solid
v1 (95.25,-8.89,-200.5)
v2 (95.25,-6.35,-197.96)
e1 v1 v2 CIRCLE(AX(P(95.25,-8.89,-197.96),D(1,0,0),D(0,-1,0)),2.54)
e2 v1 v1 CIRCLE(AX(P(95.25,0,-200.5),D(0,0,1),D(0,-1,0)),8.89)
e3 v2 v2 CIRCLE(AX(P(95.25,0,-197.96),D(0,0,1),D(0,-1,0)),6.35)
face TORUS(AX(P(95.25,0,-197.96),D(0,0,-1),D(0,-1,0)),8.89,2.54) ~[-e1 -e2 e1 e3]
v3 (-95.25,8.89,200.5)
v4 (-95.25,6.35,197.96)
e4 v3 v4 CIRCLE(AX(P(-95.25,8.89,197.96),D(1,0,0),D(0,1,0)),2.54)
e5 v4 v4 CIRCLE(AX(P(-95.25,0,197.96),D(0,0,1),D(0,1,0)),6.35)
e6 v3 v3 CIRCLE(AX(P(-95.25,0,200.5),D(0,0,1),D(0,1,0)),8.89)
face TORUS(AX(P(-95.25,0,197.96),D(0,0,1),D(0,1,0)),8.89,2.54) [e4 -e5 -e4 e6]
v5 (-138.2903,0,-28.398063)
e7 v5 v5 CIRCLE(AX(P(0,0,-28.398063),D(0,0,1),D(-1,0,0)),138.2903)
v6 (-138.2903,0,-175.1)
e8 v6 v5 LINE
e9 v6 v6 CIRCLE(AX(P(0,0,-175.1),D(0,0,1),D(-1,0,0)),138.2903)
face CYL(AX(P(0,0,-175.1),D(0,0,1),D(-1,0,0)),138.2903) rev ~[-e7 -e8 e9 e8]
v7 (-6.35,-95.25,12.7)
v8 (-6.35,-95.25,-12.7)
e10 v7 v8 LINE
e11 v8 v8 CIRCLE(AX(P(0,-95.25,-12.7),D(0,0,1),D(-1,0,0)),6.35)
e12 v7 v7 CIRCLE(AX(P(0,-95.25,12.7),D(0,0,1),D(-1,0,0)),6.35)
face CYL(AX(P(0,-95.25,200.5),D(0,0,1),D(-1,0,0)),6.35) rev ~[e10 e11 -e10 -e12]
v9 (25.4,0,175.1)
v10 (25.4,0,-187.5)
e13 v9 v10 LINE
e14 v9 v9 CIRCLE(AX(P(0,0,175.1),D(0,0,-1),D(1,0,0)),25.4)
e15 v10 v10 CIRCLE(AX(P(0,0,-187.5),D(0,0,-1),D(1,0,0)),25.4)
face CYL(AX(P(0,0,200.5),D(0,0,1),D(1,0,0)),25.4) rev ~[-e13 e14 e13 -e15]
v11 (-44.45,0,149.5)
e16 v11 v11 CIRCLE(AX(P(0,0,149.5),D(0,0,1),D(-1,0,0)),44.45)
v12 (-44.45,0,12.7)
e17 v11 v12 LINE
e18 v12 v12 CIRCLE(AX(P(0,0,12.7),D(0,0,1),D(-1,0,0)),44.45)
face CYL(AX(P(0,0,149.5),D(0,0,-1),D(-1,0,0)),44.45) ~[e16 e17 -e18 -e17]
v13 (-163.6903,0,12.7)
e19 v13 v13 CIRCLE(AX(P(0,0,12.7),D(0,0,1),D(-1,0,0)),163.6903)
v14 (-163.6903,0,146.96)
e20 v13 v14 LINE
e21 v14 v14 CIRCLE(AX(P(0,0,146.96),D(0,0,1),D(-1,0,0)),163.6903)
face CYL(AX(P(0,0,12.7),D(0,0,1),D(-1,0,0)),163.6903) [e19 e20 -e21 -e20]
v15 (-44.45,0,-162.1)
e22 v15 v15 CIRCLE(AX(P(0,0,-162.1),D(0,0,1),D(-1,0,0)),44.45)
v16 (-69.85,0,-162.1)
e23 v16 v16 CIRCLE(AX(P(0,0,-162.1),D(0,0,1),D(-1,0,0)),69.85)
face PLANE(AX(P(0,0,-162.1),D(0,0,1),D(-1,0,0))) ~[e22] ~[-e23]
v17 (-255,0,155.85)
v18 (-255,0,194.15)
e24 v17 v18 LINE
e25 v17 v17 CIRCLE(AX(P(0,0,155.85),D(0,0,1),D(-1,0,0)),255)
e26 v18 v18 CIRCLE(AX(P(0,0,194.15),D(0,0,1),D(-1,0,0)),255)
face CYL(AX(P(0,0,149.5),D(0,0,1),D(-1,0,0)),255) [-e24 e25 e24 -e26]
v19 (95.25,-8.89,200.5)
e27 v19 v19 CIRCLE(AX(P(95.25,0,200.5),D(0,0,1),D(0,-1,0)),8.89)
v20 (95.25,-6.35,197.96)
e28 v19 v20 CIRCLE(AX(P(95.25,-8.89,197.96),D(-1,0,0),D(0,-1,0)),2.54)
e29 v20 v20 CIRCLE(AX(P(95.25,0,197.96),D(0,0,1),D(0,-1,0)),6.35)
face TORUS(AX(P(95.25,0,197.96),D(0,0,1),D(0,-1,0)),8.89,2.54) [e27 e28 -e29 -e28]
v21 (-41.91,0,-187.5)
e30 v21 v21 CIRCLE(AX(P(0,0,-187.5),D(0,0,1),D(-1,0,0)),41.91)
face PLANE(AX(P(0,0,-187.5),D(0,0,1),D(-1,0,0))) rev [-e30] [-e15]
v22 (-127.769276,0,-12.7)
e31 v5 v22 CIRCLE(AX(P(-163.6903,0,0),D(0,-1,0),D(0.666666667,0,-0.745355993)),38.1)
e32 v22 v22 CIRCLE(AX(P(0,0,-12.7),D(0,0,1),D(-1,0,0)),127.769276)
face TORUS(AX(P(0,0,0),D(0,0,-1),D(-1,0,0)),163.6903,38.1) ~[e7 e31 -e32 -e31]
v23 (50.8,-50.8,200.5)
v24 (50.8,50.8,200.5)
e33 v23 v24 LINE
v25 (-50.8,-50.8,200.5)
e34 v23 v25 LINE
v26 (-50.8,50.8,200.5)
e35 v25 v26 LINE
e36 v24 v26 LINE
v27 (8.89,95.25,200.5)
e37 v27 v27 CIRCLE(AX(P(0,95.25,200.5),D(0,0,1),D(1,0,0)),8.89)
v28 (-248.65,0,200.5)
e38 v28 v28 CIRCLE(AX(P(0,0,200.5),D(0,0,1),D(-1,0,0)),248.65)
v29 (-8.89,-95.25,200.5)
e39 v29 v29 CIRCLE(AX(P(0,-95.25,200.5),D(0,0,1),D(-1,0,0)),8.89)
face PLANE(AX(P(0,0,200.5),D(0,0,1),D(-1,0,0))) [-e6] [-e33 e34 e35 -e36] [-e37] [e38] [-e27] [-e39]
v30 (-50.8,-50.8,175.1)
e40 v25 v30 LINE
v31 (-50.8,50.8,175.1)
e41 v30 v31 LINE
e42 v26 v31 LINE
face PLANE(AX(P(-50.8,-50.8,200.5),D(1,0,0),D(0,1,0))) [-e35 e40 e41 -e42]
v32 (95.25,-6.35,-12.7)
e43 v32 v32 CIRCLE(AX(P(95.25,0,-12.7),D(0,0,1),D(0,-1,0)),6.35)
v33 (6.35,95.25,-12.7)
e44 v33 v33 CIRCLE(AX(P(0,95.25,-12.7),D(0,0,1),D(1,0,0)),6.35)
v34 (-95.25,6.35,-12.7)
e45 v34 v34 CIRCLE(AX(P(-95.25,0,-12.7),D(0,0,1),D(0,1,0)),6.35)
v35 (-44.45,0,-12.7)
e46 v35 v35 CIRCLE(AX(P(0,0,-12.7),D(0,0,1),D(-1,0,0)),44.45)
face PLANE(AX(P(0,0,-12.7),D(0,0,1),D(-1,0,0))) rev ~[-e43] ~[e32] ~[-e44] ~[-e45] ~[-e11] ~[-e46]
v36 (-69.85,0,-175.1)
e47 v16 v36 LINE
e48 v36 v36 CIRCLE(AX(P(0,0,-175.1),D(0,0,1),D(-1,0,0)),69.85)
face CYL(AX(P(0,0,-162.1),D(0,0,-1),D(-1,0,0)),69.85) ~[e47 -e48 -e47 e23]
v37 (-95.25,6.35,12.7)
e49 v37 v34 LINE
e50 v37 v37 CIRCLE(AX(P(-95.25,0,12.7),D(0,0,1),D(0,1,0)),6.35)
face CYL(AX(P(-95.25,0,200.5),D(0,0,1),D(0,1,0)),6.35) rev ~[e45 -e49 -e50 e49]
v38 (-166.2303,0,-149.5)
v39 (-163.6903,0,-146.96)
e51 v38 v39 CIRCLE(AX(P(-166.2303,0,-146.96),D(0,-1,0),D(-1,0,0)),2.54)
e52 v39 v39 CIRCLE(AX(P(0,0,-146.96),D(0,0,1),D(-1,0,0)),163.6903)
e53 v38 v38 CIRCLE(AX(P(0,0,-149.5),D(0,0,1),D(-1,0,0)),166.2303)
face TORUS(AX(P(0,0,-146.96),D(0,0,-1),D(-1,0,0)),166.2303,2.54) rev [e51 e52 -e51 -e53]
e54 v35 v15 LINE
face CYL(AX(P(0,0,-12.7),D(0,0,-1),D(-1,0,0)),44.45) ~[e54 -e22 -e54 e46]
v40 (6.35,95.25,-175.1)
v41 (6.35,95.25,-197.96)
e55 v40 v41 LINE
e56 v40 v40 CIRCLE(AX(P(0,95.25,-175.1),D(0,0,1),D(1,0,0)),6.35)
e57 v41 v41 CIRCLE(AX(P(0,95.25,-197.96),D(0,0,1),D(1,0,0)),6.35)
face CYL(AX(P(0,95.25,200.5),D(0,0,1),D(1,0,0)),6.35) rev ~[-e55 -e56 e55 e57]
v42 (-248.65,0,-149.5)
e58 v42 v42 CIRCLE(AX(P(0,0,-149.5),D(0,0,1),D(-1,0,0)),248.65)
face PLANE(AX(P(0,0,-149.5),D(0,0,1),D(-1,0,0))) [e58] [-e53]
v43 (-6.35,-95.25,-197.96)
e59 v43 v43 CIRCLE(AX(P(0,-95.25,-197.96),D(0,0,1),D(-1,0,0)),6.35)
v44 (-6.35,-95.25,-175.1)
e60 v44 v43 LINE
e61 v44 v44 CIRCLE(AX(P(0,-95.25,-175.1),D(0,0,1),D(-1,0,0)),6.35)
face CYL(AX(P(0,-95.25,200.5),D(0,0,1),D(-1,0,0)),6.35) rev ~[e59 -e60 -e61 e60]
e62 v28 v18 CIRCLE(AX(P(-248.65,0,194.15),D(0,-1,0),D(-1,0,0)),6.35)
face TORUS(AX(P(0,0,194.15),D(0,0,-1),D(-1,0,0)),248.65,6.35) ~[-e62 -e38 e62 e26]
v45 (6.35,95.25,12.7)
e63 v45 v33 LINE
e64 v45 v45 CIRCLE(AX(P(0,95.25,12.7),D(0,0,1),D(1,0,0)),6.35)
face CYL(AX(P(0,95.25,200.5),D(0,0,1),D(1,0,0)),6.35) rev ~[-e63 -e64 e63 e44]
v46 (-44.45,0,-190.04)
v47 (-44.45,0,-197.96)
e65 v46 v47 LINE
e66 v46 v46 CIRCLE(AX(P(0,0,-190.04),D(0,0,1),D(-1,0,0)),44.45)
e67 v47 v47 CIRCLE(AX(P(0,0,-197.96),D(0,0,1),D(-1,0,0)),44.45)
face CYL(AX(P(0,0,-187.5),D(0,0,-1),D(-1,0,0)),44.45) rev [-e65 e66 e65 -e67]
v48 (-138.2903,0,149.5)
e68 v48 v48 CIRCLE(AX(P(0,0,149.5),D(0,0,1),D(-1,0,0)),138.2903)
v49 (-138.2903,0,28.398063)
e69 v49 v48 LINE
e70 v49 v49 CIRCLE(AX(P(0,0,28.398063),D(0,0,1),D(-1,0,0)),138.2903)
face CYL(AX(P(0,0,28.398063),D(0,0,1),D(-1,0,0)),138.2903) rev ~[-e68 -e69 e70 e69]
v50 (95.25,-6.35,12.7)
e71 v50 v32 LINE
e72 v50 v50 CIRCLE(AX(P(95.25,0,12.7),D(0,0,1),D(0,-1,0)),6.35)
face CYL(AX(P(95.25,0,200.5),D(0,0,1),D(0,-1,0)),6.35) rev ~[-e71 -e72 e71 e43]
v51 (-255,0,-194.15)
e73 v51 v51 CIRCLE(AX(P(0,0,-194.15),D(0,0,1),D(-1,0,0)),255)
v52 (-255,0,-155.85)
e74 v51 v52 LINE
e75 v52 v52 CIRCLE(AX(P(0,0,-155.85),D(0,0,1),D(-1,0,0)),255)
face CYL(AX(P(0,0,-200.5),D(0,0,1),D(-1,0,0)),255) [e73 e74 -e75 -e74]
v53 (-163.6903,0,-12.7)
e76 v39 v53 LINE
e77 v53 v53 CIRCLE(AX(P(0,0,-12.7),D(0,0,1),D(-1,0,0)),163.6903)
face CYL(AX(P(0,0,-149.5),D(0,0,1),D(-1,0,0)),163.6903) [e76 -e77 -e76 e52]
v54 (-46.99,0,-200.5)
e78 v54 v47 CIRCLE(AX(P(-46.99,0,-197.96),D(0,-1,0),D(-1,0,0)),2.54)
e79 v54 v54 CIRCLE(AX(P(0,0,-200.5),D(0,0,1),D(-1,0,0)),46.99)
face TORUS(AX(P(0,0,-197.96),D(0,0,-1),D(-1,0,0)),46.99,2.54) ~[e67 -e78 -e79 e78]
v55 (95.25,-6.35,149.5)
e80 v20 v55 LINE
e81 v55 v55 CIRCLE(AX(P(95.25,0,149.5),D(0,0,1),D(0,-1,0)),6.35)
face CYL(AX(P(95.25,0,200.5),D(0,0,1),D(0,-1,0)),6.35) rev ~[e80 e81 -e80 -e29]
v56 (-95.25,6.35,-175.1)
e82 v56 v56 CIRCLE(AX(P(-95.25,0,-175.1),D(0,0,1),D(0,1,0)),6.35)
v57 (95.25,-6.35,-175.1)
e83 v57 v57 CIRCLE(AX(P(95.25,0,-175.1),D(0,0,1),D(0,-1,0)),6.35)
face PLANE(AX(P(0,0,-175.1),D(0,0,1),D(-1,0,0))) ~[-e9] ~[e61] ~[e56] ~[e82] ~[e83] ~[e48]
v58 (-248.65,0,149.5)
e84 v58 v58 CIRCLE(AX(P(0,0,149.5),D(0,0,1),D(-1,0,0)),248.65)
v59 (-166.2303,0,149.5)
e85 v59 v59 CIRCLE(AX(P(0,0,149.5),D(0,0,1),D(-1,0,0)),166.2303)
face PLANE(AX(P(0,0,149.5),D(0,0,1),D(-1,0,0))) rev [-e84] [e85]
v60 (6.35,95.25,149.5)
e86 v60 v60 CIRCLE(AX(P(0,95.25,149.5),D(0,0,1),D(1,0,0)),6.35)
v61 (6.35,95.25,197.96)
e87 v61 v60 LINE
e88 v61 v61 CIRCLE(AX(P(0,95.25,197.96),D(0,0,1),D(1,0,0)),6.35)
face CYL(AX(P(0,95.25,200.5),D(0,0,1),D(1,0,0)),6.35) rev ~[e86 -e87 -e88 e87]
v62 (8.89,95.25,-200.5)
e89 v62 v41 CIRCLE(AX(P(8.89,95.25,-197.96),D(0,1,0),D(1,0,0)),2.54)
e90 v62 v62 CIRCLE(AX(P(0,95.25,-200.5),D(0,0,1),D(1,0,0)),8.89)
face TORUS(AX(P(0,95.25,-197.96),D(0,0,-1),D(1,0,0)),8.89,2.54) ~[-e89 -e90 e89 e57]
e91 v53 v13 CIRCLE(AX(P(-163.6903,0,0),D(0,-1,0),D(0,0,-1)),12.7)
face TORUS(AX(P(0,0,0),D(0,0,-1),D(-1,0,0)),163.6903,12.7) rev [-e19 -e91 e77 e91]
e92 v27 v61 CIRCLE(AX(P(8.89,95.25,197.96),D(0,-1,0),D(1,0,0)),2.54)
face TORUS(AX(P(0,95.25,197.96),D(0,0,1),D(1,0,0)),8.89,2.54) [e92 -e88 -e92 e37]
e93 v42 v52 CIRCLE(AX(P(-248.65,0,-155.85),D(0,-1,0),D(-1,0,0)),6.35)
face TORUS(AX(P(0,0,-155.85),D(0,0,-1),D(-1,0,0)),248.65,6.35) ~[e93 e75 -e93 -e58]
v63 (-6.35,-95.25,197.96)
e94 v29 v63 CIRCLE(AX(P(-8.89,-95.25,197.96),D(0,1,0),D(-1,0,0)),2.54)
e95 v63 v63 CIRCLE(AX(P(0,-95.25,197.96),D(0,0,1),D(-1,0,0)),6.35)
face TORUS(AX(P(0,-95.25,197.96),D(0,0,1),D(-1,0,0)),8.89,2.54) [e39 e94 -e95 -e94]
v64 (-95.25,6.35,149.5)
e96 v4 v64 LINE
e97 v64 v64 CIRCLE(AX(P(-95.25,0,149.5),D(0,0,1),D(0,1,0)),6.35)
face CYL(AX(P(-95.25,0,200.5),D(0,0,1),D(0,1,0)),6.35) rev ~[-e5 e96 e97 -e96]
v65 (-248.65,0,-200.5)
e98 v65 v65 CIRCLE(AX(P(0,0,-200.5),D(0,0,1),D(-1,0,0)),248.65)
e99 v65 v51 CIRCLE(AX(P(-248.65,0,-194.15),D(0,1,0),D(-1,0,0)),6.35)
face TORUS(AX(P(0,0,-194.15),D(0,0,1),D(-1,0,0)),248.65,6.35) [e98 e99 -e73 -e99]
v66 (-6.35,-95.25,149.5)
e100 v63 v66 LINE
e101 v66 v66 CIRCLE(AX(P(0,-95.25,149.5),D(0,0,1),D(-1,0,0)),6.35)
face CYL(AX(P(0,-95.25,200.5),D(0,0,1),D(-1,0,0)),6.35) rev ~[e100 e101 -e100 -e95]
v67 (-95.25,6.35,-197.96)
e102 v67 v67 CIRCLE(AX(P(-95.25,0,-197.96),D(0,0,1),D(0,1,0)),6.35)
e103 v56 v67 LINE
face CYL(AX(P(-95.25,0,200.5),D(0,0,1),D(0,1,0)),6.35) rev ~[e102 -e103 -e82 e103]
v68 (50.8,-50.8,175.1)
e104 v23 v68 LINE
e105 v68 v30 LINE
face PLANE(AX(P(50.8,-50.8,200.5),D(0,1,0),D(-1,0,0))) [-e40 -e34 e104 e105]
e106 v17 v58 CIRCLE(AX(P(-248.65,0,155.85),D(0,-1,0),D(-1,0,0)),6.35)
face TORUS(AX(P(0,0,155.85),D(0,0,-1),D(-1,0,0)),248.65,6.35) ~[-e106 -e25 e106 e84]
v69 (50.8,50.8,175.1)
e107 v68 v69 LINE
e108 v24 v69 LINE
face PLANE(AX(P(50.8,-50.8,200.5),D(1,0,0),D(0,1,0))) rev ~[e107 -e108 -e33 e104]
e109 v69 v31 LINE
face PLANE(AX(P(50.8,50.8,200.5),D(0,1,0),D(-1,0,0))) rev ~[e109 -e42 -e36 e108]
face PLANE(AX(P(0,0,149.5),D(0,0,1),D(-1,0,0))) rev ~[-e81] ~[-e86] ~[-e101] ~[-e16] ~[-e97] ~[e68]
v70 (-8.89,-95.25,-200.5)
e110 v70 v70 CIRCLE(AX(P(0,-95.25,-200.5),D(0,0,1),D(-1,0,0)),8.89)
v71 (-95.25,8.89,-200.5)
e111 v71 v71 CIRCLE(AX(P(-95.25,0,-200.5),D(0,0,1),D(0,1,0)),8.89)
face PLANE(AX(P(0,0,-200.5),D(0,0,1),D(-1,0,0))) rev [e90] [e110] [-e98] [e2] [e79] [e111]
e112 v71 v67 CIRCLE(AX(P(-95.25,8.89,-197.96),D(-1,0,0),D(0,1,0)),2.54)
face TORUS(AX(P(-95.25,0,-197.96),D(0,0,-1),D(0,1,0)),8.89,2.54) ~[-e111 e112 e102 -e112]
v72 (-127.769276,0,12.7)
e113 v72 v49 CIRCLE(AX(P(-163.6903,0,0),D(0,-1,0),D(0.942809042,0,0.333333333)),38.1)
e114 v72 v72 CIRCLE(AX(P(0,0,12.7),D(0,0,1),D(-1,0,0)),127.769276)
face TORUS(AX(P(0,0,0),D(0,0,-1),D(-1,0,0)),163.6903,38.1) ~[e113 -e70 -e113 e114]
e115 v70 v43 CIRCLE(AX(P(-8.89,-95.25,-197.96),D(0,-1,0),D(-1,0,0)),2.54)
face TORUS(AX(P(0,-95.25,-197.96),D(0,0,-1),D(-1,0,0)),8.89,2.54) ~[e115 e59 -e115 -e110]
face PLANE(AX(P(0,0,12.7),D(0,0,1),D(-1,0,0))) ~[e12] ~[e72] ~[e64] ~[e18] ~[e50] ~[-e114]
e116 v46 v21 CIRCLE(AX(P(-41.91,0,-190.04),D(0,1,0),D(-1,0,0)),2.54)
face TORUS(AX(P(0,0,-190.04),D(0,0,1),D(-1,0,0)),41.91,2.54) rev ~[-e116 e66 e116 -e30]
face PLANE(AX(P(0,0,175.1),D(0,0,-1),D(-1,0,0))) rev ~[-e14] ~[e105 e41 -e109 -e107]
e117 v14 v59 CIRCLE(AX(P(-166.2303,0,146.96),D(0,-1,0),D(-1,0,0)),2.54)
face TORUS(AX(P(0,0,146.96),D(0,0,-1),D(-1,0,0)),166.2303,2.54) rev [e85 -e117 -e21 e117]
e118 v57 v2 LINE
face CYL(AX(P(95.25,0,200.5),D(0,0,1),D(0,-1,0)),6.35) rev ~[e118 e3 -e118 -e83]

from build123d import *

# Parameters (mm, degrees)
SKETCH2_W          = 101.6
SKETCH2_H          = 101.6
CUT_EXTRUDE1_DEPTH = 25.4
SKETCH3_R          = 25.4
SKETCH3_R_2        = 6.35
CUT_EXTRUDE3_DEPTH = 540.306035568
CIRPATTERN1_COUNT  = 4
FILLET1_R          = 6.35
FILLET2_R          = 2.54


with BuildPart() as part:
    # Sketch1 → Revolve1 (revolve)
    with BuildSketch(Plane(origin=(0, 0, 0), x_dir=(0, 0, -1), z_dir=(1, 0, 0)), mode=Mode.PRIVATE) as revolve1_sk:
        with BuildLine():
            Line((-200.5, 19.05), (187.5, 19.05))
            Line((187.5, 19.05), (187.5, 44.45))
            Line((187.5, 44.45), (200.5, 44.45))
            Line((200.5, 44.45), (200.5, 255))
            Line((200.5, 255), (149.5, 255))
            Line((149.5, 255), (149.5, 163.6903))
            Line((149.5, 163.6903), (12.7, 163.6903))
            ThreePointArc((12.7, 163.6903), (0, 150.9903), (-12.7, 163.6903))
            Line((-12.7, 163.6903), (-149.5, 163.6903))
            Line((-149.5, 163.6903), (-149.5, 255))
            Line((-149.5, 255), (-200.5, 255))
            Line((-200.5, 255), (-200.5, 19.05))
        make_face()
        with BuildLine():
            Line((175.1, 138.2903), (28.398063314, 138.2903))
            ThreePointArc((28.398063314, 138.2903), (21.211687606, 132.041061322), (12.7, 127.769275516))
            Line((12.7, 127.769275516), (12.7, 44.45))
            Line((12.7, 44.45), (162.1, 44.45))
            Line((162.1, 44.45), (162.1, 69.85))
            Line((162.1, 69.85), (175.1, 69.85))
            Line((175.1, 69.85), (175.1, 138.2903))
        make_face(mode=Mode.SUBTRACT)
        with BuildLine():
            Line((-28.398063314, 138.2903), (-149.5, 138.2903))
            Line((-149.5, 138.2903), (-149.5, 44.45))
            Line((-149.5, 44.45), (-12.7, 44.45))
            Line((-12.7, 44.45), (-12.7, 127.769275516))
            ThreePointArc((-12.7, 127.769275516), (-21.211687606, 132.041061322), (-28.398063314, 138.2903))
        make_face(mode=Mode.SUBTRACT)
    revolve(revolve1_sk.sketch.rotate(Axis((0, 0, 0), (0, 0, 1)), 90), axis=Axis((0, 0, 0), (0, 0, 1)))

    # Sketch2 → Cut-Extrude1 (cut)
    with BuildSketch(Plane(origin=(0, 0, 200.5), x_dir=(-1, 0, 0), z_dir=(0, 0, -1))):
        Rectangle(SKETCH2_W, SKETCH2_H)
    extrude(amount=CUT_EXTRUDE1_DEPTH, mode=Mode.SUBTRACT)

    # Sketch3 → Cut-Extrude3 (cut, through all)
    with BuildSketch(Plane.XY.offset(200.5)):
        Circle(SKETCH3_R)
        with Locations((0, 95.25)):
            Circle(SKETCH3_R_2)
    cut_extrude3 = extrude(amount=-CUT_EXTRUDE3_DEPTH, mode=Mode.SUBTRACT)

    # CirPattern1: Cut-Extrude3 ×4 about axis
    cirpattern1_axis = Axis((0, 0, 0), (0, 0, 1))
    for i in range(1, CIRPATTERN1_COUNT):
        add(cut_extrude3.rotate(cirpattern1_axis, i * 360 / CIRPATTERN1_COUNT), mode=Mode.SUBTRACT)

    # Fillet1
    fillet1_edges = [part.edges().sort_by_distance(p)[0] for p in [
        (255, 0, 200.5),
        (255, 0, 149.5),
        (255, 0, -149.5),
        (255, 0, -200.5),
    ]]
    fillet(fillet1_edges, radius=FILLET1_R)

    # Fillet2
    fillet2_edges = [part.edges().sort_by_distance(p)[0] for p in [
        (95.25, 6.35, -200.5),
        (95.25, 6.35, 200.5),
        (6.35, -95.25, -200.5),
        (6.35, -95.25, 200.5),
        (163.6903, 0, 149.5),
        (163.6903, 0, -149.5),
        (44.45, 0, -200.5),
        (44.45, 0, -187.5),
        (-6.35, 95.25, -200.5),
        (-6.35, 95.25, 200.5),
        (-95.25, -6.35, -200.5),
        (-95.25, -6.35, 200.5),
    ]]
    fillet(fillet2_edges, radius=FILLET2_R)


solid = part.part
